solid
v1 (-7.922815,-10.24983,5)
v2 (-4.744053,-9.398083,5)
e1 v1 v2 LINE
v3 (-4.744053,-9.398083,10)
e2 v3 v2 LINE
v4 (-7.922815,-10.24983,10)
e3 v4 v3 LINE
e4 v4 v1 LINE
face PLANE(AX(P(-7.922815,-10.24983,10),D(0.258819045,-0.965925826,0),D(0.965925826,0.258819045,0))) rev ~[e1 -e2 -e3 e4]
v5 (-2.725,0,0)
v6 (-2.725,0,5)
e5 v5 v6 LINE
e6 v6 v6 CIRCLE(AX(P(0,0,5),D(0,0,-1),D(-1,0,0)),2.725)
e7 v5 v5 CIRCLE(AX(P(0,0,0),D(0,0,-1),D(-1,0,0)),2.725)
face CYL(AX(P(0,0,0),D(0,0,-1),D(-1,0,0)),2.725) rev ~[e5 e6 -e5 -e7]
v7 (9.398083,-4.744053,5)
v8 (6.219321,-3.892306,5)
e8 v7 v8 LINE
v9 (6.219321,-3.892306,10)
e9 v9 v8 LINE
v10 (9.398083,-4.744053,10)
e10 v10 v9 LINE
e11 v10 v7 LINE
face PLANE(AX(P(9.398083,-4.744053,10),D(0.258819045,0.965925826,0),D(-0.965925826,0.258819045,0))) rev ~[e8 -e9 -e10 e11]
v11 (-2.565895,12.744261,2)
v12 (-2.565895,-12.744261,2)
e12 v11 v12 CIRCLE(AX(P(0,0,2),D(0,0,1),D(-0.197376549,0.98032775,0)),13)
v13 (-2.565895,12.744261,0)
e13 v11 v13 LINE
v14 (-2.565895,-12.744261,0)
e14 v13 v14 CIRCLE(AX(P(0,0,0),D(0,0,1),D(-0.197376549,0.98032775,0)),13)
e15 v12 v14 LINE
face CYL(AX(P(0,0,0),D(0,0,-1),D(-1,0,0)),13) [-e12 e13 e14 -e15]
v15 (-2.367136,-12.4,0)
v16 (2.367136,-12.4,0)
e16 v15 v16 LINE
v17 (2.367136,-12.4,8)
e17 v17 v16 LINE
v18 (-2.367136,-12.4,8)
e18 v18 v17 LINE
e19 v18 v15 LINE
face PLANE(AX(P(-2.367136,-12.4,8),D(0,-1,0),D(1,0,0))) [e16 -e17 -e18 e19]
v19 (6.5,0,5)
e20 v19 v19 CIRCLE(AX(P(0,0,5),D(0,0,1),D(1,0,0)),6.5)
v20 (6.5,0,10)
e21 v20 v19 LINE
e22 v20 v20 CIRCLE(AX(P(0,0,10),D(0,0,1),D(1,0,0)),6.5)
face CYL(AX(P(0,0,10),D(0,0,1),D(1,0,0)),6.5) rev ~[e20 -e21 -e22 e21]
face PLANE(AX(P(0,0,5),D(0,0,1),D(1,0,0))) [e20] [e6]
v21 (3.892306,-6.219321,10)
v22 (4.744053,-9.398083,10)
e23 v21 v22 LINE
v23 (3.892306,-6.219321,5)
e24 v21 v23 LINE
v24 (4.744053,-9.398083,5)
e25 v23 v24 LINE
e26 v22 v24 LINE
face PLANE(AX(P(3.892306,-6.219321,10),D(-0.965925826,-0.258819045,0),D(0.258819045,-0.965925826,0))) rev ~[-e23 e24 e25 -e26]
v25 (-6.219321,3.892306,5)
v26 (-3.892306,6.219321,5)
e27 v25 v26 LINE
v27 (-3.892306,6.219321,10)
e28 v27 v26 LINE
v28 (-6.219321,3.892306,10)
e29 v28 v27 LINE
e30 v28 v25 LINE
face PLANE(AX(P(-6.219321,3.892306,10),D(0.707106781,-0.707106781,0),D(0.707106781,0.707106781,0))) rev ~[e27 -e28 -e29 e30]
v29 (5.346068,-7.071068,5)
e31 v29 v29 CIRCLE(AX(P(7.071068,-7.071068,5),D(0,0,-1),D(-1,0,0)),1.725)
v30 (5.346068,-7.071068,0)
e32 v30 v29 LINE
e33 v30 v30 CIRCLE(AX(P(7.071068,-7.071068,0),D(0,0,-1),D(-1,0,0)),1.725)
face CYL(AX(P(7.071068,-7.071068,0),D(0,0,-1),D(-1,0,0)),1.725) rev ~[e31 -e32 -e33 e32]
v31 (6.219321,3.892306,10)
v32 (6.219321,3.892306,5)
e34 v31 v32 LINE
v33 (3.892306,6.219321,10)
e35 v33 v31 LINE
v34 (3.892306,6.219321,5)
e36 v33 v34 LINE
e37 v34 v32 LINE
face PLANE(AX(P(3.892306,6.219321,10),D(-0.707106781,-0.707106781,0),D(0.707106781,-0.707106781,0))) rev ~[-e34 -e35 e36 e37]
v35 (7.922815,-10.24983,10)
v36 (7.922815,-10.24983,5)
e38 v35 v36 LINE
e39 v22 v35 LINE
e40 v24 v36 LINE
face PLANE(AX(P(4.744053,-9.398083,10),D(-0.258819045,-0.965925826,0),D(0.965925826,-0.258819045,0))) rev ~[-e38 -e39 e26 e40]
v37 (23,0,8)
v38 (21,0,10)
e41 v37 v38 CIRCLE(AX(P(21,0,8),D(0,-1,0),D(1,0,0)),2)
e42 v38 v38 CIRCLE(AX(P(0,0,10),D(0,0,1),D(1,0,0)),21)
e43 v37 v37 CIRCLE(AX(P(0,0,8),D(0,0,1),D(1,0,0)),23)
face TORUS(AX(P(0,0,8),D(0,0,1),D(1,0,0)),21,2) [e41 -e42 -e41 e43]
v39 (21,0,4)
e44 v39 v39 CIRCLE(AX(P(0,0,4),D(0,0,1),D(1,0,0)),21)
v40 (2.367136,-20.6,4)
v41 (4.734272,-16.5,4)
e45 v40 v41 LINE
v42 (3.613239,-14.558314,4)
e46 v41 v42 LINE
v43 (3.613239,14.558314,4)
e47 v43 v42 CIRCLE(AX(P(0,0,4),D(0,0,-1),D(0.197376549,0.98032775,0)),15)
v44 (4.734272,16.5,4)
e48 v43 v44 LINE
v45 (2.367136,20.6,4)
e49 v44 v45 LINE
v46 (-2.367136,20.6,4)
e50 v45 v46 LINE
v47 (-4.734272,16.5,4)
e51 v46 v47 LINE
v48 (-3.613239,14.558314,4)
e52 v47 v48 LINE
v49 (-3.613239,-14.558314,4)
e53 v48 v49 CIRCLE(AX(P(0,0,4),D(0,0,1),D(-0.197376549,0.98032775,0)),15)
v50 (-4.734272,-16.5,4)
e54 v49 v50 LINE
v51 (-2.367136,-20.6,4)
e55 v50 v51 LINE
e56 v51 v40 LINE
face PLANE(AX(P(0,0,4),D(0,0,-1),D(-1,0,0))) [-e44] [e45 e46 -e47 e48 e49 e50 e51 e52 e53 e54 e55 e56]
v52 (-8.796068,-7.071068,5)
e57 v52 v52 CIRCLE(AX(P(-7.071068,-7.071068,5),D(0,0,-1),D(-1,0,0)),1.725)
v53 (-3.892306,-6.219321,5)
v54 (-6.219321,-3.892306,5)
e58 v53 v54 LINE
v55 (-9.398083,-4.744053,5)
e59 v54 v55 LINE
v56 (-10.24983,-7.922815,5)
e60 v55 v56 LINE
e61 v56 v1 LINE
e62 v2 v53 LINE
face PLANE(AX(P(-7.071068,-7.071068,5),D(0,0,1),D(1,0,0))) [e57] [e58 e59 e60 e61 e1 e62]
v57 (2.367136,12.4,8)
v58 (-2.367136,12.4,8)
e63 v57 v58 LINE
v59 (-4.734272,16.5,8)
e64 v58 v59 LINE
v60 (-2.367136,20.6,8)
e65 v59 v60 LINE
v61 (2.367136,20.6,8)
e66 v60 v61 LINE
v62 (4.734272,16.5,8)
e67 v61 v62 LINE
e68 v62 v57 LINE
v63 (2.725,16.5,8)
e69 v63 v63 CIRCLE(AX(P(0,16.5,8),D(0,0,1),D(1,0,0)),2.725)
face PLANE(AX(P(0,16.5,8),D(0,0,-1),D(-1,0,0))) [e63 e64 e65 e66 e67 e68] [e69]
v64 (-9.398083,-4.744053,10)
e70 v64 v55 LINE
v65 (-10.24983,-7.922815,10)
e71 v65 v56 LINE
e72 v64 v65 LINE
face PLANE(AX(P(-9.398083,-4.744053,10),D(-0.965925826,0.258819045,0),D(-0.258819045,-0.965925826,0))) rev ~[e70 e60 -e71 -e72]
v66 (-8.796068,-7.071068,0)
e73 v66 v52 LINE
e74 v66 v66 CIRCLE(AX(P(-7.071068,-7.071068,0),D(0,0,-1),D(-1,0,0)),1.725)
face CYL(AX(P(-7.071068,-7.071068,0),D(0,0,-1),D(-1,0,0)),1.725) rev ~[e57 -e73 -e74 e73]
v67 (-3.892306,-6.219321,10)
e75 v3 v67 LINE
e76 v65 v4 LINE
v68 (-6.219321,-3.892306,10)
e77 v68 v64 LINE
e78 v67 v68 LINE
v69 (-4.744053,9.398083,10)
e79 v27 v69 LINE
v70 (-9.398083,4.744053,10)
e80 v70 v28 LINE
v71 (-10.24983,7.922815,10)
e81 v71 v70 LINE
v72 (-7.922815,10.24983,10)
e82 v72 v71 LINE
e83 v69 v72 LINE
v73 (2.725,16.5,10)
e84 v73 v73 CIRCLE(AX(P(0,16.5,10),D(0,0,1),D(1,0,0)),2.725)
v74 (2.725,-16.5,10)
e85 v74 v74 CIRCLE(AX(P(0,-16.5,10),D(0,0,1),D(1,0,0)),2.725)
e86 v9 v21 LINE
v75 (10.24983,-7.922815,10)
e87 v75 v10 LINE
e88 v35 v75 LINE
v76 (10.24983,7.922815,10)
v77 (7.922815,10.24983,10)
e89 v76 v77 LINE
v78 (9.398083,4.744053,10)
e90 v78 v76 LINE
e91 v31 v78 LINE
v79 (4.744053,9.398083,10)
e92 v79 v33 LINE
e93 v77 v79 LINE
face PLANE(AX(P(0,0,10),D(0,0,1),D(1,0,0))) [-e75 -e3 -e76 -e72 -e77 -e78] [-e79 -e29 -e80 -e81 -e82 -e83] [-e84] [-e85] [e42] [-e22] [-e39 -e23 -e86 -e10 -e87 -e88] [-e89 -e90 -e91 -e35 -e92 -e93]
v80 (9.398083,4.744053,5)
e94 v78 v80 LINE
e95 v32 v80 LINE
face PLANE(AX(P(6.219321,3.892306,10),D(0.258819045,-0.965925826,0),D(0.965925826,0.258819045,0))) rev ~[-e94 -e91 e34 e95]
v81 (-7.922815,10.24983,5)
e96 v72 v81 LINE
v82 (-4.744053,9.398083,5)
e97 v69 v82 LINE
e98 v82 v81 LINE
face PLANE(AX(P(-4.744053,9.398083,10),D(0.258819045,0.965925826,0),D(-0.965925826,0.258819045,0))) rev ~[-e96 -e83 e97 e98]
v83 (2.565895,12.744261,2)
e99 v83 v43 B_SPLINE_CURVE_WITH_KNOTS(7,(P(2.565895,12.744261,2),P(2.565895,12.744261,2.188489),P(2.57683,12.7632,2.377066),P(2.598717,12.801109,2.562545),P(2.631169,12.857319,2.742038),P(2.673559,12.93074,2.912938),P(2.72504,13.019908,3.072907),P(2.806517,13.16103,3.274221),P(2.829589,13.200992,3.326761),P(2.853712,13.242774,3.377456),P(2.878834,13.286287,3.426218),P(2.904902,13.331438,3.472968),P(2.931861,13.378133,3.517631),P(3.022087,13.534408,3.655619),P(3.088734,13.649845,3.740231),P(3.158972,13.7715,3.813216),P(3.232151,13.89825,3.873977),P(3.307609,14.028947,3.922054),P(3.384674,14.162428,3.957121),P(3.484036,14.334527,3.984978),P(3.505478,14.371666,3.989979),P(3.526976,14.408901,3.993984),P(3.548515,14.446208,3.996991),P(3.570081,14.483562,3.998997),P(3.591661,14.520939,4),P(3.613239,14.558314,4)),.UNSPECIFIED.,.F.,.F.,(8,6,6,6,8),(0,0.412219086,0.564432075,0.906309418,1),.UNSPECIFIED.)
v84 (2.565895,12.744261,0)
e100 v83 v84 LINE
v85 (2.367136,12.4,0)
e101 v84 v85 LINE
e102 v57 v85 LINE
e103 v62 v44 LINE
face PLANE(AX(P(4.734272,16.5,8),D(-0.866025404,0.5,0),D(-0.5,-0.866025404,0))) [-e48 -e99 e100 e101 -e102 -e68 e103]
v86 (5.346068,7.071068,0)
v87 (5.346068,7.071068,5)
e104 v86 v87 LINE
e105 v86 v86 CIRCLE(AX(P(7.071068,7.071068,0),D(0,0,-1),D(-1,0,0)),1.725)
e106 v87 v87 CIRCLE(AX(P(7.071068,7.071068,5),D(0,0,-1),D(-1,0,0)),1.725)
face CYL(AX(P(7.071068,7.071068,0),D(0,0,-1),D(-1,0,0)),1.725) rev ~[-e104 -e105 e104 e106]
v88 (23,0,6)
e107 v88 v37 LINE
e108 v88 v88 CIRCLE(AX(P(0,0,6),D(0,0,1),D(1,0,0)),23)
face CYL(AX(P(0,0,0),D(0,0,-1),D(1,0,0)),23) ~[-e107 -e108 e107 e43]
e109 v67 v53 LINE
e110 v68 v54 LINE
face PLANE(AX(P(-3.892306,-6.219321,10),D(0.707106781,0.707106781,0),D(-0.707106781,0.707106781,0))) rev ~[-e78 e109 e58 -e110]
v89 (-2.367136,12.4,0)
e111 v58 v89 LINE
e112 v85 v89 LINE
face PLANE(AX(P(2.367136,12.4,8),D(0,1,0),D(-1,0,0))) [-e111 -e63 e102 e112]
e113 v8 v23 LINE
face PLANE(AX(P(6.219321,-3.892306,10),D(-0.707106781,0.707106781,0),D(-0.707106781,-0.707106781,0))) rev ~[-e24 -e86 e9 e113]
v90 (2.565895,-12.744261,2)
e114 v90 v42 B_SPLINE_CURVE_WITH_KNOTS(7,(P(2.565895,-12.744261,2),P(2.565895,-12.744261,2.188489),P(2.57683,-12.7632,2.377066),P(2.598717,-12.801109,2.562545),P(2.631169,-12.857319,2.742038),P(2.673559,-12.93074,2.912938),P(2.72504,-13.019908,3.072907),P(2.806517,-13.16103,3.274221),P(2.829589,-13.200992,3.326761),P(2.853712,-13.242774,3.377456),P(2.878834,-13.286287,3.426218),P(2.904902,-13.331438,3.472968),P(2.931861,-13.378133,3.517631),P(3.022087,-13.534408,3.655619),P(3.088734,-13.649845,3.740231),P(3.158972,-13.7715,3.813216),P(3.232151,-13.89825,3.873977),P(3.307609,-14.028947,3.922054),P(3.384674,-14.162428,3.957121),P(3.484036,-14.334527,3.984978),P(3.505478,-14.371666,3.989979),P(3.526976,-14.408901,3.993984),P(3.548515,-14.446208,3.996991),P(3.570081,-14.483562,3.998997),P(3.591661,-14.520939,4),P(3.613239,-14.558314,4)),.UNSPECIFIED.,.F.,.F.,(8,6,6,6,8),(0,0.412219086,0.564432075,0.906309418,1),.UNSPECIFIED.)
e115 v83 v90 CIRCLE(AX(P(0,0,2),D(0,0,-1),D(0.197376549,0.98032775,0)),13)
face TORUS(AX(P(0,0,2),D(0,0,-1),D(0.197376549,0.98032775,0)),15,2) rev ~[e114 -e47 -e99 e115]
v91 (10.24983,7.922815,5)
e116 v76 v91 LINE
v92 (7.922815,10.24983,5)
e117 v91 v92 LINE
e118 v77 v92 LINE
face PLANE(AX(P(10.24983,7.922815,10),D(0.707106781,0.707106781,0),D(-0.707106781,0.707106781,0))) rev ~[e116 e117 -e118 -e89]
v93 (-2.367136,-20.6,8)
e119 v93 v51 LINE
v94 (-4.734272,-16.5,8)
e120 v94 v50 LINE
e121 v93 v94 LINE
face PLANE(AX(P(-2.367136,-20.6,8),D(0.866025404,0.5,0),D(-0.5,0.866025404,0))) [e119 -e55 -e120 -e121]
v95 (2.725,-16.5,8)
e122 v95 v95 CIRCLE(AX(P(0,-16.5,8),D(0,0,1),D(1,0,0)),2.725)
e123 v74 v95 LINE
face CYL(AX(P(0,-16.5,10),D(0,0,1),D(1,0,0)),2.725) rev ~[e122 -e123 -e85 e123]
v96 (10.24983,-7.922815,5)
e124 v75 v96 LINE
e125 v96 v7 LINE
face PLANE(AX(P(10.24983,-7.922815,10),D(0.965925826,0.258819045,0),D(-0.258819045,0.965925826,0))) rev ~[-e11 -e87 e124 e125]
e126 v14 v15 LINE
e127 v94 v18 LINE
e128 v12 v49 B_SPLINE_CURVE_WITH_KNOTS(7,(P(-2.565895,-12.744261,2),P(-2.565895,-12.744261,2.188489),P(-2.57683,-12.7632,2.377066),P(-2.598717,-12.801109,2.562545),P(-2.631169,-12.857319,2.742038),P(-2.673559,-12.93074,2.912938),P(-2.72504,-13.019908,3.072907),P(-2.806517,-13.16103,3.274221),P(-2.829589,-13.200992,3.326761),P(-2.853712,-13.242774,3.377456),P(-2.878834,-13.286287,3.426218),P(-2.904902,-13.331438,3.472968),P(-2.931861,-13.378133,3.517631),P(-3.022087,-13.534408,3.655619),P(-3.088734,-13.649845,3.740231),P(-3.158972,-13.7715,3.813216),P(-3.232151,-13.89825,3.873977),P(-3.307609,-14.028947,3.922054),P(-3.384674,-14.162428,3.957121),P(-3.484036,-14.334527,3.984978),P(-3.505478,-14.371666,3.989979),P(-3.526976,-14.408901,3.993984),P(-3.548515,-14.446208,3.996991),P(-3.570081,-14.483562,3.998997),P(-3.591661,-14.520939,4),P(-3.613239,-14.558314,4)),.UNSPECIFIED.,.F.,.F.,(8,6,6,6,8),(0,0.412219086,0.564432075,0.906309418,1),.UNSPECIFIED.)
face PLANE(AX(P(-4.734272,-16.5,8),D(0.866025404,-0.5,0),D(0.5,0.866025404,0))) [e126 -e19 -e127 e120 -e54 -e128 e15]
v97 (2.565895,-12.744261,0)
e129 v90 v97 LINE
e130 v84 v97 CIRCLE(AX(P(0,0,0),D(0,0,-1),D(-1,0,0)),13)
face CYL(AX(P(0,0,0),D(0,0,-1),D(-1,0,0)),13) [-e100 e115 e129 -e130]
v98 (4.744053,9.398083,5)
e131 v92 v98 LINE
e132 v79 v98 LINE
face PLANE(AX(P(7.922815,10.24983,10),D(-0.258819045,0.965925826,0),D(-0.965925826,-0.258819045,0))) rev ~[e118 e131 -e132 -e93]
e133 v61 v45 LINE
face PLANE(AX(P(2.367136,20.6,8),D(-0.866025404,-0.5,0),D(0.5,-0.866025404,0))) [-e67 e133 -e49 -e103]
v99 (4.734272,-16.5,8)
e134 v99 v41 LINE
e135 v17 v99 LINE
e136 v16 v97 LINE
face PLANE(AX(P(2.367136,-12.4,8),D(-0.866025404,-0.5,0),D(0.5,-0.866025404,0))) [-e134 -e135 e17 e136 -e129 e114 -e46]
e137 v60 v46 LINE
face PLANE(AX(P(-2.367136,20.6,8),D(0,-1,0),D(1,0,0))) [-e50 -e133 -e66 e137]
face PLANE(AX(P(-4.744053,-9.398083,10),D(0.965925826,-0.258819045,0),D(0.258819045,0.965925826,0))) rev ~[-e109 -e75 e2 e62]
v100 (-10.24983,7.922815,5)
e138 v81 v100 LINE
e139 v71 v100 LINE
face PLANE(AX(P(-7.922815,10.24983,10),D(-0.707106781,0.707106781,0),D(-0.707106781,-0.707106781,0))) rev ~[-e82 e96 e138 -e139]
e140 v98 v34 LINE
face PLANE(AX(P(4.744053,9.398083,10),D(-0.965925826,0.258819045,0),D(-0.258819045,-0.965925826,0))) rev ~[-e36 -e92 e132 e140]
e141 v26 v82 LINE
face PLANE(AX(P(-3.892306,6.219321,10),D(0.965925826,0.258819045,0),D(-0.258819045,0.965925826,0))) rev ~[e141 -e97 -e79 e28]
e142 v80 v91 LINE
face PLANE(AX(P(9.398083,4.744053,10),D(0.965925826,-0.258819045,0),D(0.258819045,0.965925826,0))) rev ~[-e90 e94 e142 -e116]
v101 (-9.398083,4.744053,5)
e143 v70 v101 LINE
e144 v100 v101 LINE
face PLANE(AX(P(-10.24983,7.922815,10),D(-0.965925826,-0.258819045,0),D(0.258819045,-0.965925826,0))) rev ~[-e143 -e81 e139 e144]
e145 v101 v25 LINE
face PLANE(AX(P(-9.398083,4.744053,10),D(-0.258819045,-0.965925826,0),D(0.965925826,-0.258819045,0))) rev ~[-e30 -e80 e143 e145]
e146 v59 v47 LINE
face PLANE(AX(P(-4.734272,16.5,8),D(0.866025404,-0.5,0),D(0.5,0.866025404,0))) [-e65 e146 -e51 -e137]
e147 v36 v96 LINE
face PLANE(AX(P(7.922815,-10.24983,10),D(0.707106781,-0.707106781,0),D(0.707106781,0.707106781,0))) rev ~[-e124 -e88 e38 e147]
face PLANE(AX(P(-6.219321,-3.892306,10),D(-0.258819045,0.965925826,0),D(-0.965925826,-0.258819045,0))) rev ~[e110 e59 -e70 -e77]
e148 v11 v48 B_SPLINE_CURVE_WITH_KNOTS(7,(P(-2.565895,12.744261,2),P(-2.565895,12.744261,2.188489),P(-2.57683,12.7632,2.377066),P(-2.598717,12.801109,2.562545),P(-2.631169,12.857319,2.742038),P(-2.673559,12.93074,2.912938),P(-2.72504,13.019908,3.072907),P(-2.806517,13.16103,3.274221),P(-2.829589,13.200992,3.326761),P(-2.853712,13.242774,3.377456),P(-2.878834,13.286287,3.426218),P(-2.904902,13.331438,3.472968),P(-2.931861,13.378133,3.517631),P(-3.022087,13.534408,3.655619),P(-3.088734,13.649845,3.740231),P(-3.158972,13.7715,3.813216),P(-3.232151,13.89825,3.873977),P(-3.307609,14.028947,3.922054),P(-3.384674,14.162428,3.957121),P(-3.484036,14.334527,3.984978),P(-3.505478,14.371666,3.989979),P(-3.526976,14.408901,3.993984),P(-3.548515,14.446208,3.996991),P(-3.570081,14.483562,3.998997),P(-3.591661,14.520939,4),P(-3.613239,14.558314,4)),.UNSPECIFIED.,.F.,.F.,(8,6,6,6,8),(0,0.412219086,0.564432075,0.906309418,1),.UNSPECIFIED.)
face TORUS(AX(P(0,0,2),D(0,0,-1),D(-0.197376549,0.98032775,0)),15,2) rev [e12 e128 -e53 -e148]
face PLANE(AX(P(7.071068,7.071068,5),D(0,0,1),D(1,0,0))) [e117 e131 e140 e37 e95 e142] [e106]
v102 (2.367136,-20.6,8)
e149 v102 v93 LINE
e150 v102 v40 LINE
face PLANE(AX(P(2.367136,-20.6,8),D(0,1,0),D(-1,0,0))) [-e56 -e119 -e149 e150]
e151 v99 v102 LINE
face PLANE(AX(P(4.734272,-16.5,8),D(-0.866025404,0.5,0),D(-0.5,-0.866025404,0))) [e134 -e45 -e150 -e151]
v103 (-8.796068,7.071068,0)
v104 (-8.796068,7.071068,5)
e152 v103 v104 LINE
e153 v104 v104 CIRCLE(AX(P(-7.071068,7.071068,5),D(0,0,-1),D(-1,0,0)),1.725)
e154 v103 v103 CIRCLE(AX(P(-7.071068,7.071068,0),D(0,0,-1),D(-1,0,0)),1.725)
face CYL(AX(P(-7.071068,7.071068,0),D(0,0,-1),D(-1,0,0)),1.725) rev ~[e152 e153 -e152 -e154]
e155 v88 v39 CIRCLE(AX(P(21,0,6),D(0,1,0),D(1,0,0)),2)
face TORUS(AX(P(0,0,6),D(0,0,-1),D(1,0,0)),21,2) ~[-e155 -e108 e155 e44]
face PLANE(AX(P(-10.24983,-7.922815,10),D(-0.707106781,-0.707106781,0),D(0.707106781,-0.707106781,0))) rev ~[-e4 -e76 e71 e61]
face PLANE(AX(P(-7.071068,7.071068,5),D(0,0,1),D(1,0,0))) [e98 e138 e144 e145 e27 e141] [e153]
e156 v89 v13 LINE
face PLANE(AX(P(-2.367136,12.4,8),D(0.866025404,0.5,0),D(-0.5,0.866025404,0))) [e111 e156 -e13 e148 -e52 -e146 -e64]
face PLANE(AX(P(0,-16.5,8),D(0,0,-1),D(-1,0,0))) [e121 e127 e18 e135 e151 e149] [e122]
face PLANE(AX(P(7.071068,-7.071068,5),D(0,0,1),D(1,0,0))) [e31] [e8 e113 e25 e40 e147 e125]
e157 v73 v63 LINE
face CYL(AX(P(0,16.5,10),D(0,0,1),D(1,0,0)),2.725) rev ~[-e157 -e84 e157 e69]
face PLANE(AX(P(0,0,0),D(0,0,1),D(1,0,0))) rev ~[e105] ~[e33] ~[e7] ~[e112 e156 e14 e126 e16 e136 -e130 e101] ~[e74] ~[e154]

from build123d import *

# Parameters (mm, degrees)
SKETCH1_R               = 23
BOSS_EXTRUDE3_DEPTH     = 10
SKETCH3_R               = 23
SKETCH3_R_2             = 13
CUT_EXTRUDE1_DEPTH      = 4
SKETCH4_R               = 1.725
SKETCH4_R_2             = 2.725
CUT_EXTRUDE2_DEPTH      = 35.029399054
SKETCH5_R               = 6.5
CUT_EXTRUDE3_DEPTH      = 5
SKETCH6_R               = 2.725
CUT_EXTRUDE4_DEPTH      = 35.029399054
CUT_EXTRUDE5_DEPTH      = 34.075670817
CUT_EXTRUDE5_DEPTH_BACK = 4
FILLET1_R               = 2


with BuildPart() as part:
    # Sketch1 → Boss-Extrude3 (new body)
    with BuildSketch(Plane.XY):
        Circle(SKETCH1_R)
    extrude(amount=BOSS_EXTRUDE3_DEPTH)

    # Sketch3 → Cut-Extrude1 (cut)
    with BuildSketch(Plane(origin=(0, 0, 0), x_dir=(-1, 0, 0), z_dir=(0, 0, -1))):
        Circle(SKETCH3_R)
        Circle(SKETCH3_R_2, mode=Mode.SUBTRACT)
    extrude(amount=-CUT_EXTRUDE1_DEPTH, mode=Mode.SUBTRACT)

    # Sketch4 → Cut-Extrude2 (cut, through all)
    with BuildSketch(Plane(origin=(0, 0, 0), x_dir=(-1, 0, 0), z_dir=(0, 0, -1))):
        with Locations((-7.071067812, -7.071067812)):
            Circle(SKETCH4_R)
        with Locations((7.071067812, 7.071067812)):
            Circle(SKETCH4_R)
        Circle(SKETCH4_R_2)
        with Locations((-7.071067812, 7.071067812)):
            Circle(SKETCH4_R)
        with Locations((7.071067812, -7.071067812)):
            Circle(SKETCH4_R)
    extrude(amount=-CUT_EXTRUDE2_DEPTH, mode=Mode.SUBTRACT)

    # Sketch5 → Cut-Extrude3 (cut)
    with BuildSketch(Plane.XY.offset(10)):
        Circle(SKETCH5_R)
        Polygon((-7.92281451, 10.249829766), (-10.249829766, 7.92281451), (-9.398083068, 4.744052556), (-6.219321113, 3.892305858), (-3.892305858, 6.219321113), (-4.744052556, 9.398083068), align=None)
        Polygon((9.398083068, -4.744052556), (6.219321113, -3.892305858), (3.892305858, -6.219321113), (4.744052556, -9.398083068), (7.92281451, -10.249829766), (10.249829766, -7.92281451), align=None)
        Polygon((-3.892305858, -6.219321113), (-6.219321113, -3.892305858), (-9.398083068, -4.744052556), (-10.249829766, -7.92281451), (-7.92281451, -10.249829766), (-4.744052556, -9.398083068), align=None)
        Polygon((9.398083068, 4.744052556), (10.249829766, 7.92281451), (7.92281451, 10.249829766), (4.744052556, 9.398083068), (3.892305858, 6.219321113), (6.219321113, 3.892305858), align=None)
    extrude(amount=-CUT_EXTRUDE3_DEPTH, mode=Mode.SUBTRACT)

    # Sketch6 → Cut-Extrude4 (cut, through all)
    with BuildSketch(Plane.XY.offset(10)):
        with Locations((0, 16.5)):
            Circle(SKETCH6_R)
        with Locations((0, -16.5)):
            Circle(SKETCH6_R)
    extrude(amount=-CUT_EXTRUDE4_DEPTH, mode=Mode.SUBTRACT)

    # Sketch7 → Cut-Extrude5 (cut, two sides: drawn at the far end of the back side and taken through both)
    with BuildSketch(Plane(origin=(0, 0, 4), x_dir=(-1, 0, 0), z_dir=(0, 0, -1)).offset(-CUT_EXTRUDE5_DEPTH_BACK)):
        Polygon((4.734272207, 16.5), (2.367136104, 20.6), (-2.367136104, 20.6), (-4.734272207, 16.5), (-2.367136104, 12.4), (2.367136104, 12.4), align=None)
        Polygon((4.734272207, -16.5), (2.367136104, -12.4), (-2.367136104, -12.4), (-4.734272207, -16.5), (-2.367136104, -20.6), (2.367136104, -20.6), align=None)
    extrude(amount=CUT_EXTRUDE5_DEPTH + CUT_EXTRUDE5_DEPTH_BACK, mode=Mode.SUBTRACT)

    # Fillet1
    fillet1_edges = [part.edges().sort_by_distance(p)[0] for p in [
        (13, 0, 4),
        (-13, 0, 4),
        (-23, 0, 10),
        (-23, 0, 4),
    ]]
    fillet(fillet1_edges, radius=FILLET1_R)


solid = part.part
